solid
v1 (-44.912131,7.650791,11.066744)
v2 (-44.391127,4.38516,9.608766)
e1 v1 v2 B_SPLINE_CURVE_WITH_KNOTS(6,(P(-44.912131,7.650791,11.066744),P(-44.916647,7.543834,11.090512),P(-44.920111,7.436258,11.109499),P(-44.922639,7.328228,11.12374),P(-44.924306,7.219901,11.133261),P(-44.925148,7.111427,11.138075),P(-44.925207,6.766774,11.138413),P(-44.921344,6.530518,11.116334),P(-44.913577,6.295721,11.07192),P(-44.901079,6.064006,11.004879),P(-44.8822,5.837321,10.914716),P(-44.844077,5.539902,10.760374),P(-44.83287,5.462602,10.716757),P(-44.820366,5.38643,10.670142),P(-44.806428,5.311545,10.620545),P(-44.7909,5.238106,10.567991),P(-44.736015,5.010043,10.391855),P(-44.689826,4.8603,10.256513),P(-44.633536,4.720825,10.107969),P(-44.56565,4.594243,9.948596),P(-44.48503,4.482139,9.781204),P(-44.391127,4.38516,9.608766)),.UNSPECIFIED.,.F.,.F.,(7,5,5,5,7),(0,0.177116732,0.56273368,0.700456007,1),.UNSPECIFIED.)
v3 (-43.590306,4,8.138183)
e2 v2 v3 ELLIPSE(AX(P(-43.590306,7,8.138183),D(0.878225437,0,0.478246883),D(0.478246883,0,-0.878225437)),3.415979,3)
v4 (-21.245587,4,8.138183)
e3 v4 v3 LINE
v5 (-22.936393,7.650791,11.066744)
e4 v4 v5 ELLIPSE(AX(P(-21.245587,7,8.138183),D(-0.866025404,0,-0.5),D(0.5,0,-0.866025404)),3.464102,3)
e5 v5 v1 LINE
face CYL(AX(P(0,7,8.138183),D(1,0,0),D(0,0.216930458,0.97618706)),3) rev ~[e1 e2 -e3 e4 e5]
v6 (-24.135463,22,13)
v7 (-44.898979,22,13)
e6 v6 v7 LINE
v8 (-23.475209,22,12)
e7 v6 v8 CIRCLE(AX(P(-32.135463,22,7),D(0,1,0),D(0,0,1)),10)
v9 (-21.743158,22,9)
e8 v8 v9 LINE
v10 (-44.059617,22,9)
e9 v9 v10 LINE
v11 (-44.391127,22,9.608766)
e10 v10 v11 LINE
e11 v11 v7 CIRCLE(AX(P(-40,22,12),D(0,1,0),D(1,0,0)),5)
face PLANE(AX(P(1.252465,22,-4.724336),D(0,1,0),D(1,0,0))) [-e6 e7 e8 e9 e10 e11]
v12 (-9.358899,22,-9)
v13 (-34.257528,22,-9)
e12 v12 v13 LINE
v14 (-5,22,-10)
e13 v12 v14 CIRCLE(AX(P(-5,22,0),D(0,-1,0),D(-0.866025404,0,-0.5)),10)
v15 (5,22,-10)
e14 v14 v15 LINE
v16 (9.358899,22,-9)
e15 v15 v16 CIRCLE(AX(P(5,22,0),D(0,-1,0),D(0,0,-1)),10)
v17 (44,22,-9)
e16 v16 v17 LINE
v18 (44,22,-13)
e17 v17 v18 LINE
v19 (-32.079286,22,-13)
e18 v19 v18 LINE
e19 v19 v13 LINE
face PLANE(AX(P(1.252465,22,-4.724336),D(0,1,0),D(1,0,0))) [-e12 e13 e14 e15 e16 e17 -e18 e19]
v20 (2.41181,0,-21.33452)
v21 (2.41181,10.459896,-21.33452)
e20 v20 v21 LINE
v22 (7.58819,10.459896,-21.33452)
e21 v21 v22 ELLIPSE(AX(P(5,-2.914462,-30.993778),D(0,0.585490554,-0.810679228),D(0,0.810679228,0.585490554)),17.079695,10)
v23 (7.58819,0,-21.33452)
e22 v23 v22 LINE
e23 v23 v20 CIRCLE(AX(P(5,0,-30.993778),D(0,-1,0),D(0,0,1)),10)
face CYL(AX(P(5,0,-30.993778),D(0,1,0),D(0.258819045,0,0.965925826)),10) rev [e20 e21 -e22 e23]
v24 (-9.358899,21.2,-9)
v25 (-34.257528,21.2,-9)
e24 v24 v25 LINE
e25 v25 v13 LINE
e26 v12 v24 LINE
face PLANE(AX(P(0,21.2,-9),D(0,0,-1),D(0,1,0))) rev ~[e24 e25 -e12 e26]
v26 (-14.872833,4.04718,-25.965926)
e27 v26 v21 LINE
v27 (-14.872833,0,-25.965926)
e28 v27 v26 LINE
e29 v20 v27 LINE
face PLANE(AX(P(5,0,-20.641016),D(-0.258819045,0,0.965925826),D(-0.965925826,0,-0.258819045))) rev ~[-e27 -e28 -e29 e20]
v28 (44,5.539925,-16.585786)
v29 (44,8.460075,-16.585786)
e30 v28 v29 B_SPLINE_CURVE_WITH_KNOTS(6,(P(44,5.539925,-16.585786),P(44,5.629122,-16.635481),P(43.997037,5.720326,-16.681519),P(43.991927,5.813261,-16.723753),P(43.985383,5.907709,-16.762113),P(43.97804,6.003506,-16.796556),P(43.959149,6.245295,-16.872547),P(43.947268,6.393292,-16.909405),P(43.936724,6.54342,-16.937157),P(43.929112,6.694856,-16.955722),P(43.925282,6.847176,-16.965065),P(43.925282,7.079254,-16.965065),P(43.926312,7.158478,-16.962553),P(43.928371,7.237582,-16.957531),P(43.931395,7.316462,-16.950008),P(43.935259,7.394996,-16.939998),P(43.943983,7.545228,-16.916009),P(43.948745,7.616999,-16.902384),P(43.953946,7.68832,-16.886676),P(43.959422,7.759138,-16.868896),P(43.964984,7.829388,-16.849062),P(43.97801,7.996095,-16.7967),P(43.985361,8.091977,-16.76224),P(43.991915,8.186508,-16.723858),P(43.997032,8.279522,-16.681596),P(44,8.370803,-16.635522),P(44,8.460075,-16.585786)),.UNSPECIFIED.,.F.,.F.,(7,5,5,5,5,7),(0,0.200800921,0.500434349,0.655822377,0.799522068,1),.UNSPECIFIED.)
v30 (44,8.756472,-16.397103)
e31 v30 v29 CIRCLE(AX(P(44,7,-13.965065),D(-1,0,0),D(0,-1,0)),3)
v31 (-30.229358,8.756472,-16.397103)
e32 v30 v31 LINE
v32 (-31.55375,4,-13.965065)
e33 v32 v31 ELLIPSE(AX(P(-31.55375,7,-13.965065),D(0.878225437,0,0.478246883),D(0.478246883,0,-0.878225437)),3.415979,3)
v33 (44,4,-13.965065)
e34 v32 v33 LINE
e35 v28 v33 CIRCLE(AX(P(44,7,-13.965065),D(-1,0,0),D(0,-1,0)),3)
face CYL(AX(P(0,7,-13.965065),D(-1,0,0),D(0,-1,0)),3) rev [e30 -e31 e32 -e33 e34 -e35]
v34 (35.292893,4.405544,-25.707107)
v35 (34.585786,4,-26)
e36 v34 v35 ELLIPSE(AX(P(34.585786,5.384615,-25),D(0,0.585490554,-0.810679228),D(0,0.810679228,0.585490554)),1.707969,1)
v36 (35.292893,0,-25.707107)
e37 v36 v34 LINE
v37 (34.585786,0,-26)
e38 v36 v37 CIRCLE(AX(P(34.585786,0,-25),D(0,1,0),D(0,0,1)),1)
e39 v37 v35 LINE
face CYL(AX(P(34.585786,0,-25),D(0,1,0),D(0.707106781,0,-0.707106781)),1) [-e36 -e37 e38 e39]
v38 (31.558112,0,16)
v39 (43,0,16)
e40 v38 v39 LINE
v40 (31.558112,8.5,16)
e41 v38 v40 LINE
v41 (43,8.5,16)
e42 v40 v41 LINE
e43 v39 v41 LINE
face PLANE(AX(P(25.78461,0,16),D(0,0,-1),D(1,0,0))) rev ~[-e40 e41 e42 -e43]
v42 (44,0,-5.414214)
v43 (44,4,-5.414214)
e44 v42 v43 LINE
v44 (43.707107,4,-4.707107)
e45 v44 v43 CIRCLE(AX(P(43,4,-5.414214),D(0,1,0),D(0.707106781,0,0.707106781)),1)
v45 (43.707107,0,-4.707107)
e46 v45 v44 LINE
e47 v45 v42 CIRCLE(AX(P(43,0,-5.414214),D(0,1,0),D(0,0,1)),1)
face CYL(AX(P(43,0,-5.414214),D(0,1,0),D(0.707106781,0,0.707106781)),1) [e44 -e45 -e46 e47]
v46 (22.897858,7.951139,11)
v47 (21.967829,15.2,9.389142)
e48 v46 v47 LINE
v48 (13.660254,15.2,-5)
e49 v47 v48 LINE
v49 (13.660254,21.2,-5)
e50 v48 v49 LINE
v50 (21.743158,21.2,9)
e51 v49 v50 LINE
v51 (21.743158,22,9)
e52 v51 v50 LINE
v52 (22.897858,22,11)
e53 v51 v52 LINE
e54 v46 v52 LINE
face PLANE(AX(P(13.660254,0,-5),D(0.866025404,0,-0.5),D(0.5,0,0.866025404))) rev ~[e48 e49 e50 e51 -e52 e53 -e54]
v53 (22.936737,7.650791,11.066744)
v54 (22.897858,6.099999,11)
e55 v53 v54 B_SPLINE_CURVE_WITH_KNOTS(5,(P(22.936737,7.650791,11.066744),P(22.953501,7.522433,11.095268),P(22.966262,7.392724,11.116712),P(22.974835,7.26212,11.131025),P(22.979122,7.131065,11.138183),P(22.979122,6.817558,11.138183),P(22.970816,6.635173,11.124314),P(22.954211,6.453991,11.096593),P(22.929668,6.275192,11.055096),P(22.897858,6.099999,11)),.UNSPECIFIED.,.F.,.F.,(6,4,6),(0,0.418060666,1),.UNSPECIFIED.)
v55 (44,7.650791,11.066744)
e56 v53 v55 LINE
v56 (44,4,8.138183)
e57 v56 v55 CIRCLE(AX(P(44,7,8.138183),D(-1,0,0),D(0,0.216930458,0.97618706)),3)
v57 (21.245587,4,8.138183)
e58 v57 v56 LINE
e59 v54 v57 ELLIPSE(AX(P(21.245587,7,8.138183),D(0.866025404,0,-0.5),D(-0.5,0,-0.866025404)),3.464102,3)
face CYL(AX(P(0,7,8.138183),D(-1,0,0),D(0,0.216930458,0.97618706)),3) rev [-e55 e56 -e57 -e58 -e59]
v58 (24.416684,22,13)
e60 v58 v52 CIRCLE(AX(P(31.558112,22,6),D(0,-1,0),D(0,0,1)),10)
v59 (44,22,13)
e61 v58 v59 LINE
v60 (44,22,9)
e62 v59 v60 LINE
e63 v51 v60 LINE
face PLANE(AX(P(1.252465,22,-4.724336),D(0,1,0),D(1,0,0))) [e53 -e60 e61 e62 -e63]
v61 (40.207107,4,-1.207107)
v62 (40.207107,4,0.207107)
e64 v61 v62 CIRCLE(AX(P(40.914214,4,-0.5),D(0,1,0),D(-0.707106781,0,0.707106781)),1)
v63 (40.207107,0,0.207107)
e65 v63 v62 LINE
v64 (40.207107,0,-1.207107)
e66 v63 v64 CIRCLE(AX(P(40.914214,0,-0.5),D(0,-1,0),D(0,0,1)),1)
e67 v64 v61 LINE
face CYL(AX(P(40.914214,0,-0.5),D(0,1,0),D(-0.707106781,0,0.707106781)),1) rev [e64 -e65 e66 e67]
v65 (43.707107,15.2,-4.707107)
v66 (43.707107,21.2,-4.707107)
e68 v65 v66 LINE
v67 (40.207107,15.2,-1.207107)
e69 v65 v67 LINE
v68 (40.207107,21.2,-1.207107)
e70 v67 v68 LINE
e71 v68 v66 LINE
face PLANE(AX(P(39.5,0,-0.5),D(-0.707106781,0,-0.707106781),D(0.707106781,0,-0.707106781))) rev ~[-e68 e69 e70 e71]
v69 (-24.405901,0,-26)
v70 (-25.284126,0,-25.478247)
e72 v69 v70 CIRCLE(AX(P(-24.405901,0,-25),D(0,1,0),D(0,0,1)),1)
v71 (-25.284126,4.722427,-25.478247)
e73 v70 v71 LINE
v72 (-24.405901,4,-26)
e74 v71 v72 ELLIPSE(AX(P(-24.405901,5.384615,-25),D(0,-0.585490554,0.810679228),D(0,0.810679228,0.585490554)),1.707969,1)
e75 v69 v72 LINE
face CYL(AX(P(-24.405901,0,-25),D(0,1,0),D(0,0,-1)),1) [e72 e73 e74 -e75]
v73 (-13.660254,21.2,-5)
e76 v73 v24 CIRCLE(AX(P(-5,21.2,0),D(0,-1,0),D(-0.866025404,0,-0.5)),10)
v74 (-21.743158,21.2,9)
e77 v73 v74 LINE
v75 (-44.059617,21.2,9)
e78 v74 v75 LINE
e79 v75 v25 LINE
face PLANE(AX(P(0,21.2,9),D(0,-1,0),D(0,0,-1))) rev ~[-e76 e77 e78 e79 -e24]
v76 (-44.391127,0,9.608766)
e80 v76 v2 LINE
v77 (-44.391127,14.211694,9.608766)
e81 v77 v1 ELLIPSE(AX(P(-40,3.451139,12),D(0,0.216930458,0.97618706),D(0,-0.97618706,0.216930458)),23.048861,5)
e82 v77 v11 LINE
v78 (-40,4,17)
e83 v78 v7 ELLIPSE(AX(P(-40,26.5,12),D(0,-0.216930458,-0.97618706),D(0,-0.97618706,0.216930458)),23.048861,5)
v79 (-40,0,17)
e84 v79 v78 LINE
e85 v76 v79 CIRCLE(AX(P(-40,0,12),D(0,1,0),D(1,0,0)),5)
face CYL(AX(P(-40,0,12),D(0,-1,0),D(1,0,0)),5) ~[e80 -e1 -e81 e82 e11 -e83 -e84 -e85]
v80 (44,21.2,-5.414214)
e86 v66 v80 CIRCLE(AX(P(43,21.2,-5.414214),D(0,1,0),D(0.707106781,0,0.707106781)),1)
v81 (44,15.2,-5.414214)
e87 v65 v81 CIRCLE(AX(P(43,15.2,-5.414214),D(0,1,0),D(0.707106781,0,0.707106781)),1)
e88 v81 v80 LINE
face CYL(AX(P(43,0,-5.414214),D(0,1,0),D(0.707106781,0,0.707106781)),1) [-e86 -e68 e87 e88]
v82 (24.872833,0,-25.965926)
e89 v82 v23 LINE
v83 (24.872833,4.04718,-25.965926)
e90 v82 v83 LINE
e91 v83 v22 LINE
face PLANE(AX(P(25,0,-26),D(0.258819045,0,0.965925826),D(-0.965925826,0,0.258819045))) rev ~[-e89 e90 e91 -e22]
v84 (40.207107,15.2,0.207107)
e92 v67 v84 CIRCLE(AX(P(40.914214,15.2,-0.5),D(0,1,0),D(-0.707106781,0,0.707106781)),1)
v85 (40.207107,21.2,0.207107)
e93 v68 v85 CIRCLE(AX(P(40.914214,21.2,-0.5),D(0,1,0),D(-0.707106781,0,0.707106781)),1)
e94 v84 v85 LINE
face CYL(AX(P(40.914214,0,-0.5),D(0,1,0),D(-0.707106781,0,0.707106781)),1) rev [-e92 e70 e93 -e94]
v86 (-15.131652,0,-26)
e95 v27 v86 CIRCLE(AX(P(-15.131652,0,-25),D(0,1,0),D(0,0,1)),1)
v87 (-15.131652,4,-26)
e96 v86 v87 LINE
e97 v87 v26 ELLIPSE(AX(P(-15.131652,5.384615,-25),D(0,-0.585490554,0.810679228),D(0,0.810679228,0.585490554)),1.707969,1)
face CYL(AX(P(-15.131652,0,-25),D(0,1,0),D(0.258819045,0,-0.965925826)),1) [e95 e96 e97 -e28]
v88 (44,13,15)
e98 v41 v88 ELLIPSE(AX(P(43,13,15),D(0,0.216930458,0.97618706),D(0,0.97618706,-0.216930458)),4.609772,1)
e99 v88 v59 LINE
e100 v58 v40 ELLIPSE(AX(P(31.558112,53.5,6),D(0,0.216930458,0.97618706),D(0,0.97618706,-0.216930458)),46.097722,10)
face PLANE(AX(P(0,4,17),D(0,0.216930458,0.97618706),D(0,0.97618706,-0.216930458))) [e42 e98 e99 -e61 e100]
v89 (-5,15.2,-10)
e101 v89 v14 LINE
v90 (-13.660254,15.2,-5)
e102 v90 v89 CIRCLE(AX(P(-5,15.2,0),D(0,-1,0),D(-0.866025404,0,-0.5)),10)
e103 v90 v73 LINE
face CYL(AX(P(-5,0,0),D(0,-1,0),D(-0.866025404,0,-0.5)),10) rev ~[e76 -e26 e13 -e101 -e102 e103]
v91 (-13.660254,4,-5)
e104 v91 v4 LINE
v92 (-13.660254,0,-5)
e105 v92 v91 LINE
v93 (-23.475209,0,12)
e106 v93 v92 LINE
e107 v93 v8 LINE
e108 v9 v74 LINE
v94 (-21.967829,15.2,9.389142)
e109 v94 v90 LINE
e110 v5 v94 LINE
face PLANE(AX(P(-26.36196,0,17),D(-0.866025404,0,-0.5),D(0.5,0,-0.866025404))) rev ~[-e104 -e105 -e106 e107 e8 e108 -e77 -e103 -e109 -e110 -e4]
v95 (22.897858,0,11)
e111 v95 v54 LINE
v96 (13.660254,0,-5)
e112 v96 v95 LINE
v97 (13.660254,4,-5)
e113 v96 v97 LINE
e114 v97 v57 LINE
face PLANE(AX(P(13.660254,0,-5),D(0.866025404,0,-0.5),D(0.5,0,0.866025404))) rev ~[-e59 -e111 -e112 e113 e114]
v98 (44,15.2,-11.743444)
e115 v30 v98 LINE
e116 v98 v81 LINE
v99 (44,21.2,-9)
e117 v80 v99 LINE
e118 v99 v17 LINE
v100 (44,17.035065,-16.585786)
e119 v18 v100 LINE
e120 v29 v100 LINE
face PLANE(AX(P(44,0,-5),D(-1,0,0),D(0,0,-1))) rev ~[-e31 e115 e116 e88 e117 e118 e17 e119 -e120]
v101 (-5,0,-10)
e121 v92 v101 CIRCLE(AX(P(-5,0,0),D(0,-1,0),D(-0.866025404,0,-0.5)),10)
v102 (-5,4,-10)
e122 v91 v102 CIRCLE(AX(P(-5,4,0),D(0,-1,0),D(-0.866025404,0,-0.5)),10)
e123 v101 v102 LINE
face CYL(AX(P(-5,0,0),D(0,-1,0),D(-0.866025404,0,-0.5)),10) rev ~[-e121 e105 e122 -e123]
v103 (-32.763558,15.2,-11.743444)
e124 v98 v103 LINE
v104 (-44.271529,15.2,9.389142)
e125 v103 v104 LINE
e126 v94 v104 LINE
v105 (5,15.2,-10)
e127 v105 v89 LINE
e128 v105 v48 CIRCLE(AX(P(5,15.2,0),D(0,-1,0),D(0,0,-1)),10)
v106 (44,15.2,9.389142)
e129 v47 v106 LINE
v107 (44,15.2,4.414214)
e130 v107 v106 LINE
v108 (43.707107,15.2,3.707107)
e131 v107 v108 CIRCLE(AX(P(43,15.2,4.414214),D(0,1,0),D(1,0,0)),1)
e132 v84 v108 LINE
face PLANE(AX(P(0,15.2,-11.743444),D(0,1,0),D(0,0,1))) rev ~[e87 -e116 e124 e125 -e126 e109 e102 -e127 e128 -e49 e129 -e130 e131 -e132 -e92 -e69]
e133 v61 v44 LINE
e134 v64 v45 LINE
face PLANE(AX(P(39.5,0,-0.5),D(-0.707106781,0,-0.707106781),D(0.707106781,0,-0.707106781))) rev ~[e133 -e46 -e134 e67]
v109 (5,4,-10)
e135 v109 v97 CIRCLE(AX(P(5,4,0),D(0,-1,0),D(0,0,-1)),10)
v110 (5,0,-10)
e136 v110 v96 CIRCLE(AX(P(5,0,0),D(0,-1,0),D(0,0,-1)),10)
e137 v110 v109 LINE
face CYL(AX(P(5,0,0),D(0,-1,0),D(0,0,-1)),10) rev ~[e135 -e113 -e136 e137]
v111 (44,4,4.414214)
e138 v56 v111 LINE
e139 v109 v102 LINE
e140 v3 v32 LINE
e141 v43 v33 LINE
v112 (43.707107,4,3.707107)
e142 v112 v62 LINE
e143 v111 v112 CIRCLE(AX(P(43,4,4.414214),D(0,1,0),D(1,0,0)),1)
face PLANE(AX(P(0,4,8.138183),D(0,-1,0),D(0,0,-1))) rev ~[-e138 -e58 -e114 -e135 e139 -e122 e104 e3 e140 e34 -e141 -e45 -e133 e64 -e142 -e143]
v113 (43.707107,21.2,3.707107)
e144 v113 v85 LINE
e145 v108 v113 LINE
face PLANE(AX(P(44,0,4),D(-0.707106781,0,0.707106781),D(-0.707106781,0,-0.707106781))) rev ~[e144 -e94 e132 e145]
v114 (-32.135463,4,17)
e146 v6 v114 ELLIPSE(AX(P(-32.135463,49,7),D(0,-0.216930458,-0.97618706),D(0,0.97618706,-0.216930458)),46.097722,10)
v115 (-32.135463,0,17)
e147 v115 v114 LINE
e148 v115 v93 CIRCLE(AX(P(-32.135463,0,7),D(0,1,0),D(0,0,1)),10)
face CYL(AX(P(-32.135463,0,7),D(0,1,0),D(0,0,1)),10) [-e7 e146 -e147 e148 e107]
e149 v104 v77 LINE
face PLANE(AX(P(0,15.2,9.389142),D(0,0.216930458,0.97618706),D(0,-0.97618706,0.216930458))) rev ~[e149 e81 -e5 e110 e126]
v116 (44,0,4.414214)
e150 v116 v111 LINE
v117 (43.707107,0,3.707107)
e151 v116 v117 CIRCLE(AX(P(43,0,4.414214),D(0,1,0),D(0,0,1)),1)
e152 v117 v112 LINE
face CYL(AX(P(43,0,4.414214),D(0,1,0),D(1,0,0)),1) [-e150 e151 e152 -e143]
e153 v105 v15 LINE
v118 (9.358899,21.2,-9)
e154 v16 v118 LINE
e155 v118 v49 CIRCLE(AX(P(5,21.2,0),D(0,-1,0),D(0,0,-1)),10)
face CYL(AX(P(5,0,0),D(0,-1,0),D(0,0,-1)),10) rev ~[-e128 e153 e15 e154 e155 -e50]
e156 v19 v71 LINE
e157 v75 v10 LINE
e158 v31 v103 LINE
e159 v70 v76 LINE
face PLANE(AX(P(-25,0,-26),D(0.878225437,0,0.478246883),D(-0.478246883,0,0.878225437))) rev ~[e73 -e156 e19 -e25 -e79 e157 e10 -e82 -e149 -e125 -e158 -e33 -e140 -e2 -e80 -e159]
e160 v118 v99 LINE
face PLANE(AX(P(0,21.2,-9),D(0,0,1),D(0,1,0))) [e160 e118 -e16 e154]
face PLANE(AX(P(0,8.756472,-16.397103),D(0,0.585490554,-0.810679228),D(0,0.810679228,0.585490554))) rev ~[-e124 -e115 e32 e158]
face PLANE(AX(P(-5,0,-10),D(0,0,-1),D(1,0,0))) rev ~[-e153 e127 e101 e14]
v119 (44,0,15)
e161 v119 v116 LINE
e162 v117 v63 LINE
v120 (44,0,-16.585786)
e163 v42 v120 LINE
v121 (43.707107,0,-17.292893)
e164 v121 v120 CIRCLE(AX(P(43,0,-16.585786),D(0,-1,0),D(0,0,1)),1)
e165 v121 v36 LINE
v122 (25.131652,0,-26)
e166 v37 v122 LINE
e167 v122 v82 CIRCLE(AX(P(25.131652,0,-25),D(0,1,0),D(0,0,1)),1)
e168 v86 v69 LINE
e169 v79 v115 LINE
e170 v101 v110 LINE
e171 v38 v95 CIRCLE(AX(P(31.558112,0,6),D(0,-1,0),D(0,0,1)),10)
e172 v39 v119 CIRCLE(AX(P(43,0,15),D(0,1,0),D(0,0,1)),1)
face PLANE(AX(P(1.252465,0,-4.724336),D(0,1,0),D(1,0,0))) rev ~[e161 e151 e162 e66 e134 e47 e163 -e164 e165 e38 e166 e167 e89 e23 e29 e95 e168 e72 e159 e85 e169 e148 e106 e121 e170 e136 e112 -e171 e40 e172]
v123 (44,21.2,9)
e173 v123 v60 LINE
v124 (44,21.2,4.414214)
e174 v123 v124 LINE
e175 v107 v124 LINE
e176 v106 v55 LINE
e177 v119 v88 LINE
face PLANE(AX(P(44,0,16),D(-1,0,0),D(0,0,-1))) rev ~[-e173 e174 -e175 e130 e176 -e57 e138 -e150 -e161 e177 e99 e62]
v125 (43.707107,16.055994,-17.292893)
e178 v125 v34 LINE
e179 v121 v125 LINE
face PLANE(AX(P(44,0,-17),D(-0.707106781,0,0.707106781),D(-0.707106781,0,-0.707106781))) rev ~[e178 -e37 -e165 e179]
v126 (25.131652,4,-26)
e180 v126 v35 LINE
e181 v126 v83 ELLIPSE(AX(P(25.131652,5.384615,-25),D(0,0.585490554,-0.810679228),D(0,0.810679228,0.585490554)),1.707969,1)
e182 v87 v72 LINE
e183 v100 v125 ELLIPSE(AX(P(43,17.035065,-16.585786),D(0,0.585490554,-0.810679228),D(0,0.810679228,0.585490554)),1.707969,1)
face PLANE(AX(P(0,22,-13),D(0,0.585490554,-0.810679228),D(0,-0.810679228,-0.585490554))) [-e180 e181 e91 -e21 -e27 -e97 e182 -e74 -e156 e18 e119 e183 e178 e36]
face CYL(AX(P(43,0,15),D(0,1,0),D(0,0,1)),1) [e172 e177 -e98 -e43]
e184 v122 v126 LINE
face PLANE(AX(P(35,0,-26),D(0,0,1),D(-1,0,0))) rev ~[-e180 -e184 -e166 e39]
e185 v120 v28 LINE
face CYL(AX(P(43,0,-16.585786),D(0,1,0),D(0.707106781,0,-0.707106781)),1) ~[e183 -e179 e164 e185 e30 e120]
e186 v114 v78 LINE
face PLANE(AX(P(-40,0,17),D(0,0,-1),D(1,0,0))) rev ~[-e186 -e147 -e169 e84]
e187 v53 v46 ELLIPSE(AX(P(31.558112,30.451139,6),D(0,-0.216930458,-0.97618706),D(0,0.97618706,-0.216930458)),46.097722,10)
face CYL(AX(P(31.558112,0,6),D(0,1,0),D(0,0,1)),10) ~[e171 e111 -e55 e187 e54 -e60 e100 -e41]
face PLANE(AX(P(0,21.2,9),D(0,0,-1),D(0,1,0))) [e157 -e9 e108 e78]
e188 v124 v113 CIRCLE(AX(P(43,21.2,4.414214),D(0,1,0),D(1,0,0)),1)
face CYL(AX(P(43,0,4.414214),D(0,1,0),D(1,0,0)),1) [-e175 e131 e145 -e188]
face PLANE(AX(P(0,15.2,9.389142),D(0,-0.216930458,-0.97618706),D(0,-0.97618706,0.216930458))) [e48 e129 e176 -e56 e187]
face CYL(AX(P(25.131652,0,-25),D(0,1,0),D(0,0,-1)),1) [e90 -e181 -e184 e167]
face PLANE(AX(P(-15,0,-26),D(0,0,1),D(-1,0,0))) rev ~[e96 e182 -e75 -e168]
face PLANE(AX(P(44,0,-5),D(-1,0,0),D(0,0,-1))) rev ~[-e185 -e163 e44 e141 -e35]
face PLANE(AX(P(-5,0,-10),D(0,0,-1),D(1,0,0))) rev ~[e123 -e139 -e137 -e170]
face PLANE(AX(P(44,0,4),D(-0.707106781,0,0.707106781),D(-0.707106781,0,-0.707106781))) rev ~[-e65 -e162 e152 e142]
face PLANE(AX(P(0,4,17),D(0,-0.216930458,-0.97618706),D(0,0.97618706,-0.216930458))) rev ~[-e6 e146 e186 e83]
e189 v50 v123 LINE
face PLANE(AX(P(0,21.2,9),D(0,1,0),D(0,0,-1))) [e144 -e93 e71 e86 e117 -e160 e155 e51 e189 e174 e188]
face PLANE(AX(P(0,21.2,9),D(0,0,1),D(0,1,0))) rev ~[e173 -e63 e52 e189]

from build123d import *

# Parameters (mm, degrees)
SKETCH1_R               = 5
BOSS_EXTRUDE1_DEPTH     = 22
FILLET1_R               = 1
FILLET2_R               = 10
SKETCH3_W               = 18
SKETCH3_H               = 10
CUT_EXTRUDE2_DEPTH      = 45
CUT_EXTRUDE2_DEPTH_BACK = 46


with BuildPart() as part:
    # Sketch1 → Boss-Extrude1 (new body)
    with BuildSketch(Plane(origin=(0, 0, 0), x_dir=(1, 0, 0), z_dir=(0, 1, 0))):
        with BuildLine():
            Line((44, 17), (35, 26))
            Line((35, 26), (25, 26))
            Line((25, 26), (5, 20.641016151))
            Line((5, 20.641016151), (-15, 26))
            Line((-15, 26), (-25, 26))
            Line((-25, 26), (-44.391127187, -9.608765584))
            ThreePointArc((-44.391127187, -9.608765584), (-38.766232585, -7.154608585), (-35, -12))
            ThreePointArc((-35, -12), (-36.464466094, -15.535533906), (-40, -17))
            Line((-40, -17), (-26.36195996, -17))
            Line((-26.36195996, -17), (-13.660254038, 5))
            ThreePointArc((-13.660254038, 5), (-10, 8.660254038), (-5, 10))
            Line((-5, 10), (5, 10))
            ThreePointArc((5, 10), (10, 8.660254038), (13.660254038, 5))
            Line((13.660254038, 5), (25.784609691, -16))
            Line((25.784609691, -16), (44, -16))
            Line((44, -16), (44, -4))
            Line((44, -4), (39.5, 0.5))
            Line((39.5, 0.5), (44, 5))
            Line((44, 5), (44, 17))
        make_face()
        with Locations((-40, -12)):
            Circle(SKETCH1_R)
    extrude(amount=BOSS_EXTRUDE1_DEPTH)

    # Fillet1
    fillet1_edges = [part.edges().sort_by_distance(p)[0] for p in [
        (-25, 11, -26),
        (-15, 11, -26),
        (25, 11, -26),
        (35, 11, -26),
        (44, 11, -17),
        (44, 11, -5),
        (39.5, 11, -0.5),
        (44, 11, 4),
        (44, 11, 16),
    ]]
    fillet(fillet1_edges, radius=FILLET1_R)

    # Fillet2
    fillet2_edges = [part.edges().sort_by_distance(p)[0] for p in [
        (-26.36195996, 11, 17),
        (5, 11, -20.641016151),
        (25.784609691, 11, 16),
    ]]
    fillet(fillet2_edges, radius=FILLET2_R)

    # Sketch3 → Cut-Extrude2 (cut, two sides)
    with BuildSketch(Plane(origin=(0, 0, 0), x_dir=(0, 0, -1), z_dir=(1, 0, 0))) as cut_extrude2_sk:
        Polygon((-9, 22), (-9, 31.2), (-17, 31.2), (-17, 4), (-13, 22), align=None)
        with Locations((0, 26.2)):
            Rectangle(SKETCH3_W, SKETCH3_H)
        Polygon((26, 31.2), (9, 31.2), (9, 22), (13, 22), (26, 4), align=None)
        with BuildLine():
            Line((11.743443525, 15.2), (-9.389141968, 15.2))
            Line((-9.389141968, 15.2), (-11.066743885, 7.650791373))
            ThreePointArc((-11.066743885, 7.650791373), (-10.478308141, 5.122817819), (-8.138182705, 4))
            Line((-8.138182705, 4), (13.965065195, 4))
            ThreePointArc((13.965065195, 4), (16.636152519, 5.634242881), (16.39710288, 8.756471662))
            Line((16.39710288, 8.756471662), (11.743443525, 15.2))
        make_face()
    extrude(amount=CUT_EXTRUDE2_DEPTH, mode=Mode.SUBTRACT)
    extrude(cut_extrude2_sk.sketch, amount=-CUT_EXTRUDE2_DEPTH_BACK, mode=Mode.SUBTRACT)


solid = part.part
